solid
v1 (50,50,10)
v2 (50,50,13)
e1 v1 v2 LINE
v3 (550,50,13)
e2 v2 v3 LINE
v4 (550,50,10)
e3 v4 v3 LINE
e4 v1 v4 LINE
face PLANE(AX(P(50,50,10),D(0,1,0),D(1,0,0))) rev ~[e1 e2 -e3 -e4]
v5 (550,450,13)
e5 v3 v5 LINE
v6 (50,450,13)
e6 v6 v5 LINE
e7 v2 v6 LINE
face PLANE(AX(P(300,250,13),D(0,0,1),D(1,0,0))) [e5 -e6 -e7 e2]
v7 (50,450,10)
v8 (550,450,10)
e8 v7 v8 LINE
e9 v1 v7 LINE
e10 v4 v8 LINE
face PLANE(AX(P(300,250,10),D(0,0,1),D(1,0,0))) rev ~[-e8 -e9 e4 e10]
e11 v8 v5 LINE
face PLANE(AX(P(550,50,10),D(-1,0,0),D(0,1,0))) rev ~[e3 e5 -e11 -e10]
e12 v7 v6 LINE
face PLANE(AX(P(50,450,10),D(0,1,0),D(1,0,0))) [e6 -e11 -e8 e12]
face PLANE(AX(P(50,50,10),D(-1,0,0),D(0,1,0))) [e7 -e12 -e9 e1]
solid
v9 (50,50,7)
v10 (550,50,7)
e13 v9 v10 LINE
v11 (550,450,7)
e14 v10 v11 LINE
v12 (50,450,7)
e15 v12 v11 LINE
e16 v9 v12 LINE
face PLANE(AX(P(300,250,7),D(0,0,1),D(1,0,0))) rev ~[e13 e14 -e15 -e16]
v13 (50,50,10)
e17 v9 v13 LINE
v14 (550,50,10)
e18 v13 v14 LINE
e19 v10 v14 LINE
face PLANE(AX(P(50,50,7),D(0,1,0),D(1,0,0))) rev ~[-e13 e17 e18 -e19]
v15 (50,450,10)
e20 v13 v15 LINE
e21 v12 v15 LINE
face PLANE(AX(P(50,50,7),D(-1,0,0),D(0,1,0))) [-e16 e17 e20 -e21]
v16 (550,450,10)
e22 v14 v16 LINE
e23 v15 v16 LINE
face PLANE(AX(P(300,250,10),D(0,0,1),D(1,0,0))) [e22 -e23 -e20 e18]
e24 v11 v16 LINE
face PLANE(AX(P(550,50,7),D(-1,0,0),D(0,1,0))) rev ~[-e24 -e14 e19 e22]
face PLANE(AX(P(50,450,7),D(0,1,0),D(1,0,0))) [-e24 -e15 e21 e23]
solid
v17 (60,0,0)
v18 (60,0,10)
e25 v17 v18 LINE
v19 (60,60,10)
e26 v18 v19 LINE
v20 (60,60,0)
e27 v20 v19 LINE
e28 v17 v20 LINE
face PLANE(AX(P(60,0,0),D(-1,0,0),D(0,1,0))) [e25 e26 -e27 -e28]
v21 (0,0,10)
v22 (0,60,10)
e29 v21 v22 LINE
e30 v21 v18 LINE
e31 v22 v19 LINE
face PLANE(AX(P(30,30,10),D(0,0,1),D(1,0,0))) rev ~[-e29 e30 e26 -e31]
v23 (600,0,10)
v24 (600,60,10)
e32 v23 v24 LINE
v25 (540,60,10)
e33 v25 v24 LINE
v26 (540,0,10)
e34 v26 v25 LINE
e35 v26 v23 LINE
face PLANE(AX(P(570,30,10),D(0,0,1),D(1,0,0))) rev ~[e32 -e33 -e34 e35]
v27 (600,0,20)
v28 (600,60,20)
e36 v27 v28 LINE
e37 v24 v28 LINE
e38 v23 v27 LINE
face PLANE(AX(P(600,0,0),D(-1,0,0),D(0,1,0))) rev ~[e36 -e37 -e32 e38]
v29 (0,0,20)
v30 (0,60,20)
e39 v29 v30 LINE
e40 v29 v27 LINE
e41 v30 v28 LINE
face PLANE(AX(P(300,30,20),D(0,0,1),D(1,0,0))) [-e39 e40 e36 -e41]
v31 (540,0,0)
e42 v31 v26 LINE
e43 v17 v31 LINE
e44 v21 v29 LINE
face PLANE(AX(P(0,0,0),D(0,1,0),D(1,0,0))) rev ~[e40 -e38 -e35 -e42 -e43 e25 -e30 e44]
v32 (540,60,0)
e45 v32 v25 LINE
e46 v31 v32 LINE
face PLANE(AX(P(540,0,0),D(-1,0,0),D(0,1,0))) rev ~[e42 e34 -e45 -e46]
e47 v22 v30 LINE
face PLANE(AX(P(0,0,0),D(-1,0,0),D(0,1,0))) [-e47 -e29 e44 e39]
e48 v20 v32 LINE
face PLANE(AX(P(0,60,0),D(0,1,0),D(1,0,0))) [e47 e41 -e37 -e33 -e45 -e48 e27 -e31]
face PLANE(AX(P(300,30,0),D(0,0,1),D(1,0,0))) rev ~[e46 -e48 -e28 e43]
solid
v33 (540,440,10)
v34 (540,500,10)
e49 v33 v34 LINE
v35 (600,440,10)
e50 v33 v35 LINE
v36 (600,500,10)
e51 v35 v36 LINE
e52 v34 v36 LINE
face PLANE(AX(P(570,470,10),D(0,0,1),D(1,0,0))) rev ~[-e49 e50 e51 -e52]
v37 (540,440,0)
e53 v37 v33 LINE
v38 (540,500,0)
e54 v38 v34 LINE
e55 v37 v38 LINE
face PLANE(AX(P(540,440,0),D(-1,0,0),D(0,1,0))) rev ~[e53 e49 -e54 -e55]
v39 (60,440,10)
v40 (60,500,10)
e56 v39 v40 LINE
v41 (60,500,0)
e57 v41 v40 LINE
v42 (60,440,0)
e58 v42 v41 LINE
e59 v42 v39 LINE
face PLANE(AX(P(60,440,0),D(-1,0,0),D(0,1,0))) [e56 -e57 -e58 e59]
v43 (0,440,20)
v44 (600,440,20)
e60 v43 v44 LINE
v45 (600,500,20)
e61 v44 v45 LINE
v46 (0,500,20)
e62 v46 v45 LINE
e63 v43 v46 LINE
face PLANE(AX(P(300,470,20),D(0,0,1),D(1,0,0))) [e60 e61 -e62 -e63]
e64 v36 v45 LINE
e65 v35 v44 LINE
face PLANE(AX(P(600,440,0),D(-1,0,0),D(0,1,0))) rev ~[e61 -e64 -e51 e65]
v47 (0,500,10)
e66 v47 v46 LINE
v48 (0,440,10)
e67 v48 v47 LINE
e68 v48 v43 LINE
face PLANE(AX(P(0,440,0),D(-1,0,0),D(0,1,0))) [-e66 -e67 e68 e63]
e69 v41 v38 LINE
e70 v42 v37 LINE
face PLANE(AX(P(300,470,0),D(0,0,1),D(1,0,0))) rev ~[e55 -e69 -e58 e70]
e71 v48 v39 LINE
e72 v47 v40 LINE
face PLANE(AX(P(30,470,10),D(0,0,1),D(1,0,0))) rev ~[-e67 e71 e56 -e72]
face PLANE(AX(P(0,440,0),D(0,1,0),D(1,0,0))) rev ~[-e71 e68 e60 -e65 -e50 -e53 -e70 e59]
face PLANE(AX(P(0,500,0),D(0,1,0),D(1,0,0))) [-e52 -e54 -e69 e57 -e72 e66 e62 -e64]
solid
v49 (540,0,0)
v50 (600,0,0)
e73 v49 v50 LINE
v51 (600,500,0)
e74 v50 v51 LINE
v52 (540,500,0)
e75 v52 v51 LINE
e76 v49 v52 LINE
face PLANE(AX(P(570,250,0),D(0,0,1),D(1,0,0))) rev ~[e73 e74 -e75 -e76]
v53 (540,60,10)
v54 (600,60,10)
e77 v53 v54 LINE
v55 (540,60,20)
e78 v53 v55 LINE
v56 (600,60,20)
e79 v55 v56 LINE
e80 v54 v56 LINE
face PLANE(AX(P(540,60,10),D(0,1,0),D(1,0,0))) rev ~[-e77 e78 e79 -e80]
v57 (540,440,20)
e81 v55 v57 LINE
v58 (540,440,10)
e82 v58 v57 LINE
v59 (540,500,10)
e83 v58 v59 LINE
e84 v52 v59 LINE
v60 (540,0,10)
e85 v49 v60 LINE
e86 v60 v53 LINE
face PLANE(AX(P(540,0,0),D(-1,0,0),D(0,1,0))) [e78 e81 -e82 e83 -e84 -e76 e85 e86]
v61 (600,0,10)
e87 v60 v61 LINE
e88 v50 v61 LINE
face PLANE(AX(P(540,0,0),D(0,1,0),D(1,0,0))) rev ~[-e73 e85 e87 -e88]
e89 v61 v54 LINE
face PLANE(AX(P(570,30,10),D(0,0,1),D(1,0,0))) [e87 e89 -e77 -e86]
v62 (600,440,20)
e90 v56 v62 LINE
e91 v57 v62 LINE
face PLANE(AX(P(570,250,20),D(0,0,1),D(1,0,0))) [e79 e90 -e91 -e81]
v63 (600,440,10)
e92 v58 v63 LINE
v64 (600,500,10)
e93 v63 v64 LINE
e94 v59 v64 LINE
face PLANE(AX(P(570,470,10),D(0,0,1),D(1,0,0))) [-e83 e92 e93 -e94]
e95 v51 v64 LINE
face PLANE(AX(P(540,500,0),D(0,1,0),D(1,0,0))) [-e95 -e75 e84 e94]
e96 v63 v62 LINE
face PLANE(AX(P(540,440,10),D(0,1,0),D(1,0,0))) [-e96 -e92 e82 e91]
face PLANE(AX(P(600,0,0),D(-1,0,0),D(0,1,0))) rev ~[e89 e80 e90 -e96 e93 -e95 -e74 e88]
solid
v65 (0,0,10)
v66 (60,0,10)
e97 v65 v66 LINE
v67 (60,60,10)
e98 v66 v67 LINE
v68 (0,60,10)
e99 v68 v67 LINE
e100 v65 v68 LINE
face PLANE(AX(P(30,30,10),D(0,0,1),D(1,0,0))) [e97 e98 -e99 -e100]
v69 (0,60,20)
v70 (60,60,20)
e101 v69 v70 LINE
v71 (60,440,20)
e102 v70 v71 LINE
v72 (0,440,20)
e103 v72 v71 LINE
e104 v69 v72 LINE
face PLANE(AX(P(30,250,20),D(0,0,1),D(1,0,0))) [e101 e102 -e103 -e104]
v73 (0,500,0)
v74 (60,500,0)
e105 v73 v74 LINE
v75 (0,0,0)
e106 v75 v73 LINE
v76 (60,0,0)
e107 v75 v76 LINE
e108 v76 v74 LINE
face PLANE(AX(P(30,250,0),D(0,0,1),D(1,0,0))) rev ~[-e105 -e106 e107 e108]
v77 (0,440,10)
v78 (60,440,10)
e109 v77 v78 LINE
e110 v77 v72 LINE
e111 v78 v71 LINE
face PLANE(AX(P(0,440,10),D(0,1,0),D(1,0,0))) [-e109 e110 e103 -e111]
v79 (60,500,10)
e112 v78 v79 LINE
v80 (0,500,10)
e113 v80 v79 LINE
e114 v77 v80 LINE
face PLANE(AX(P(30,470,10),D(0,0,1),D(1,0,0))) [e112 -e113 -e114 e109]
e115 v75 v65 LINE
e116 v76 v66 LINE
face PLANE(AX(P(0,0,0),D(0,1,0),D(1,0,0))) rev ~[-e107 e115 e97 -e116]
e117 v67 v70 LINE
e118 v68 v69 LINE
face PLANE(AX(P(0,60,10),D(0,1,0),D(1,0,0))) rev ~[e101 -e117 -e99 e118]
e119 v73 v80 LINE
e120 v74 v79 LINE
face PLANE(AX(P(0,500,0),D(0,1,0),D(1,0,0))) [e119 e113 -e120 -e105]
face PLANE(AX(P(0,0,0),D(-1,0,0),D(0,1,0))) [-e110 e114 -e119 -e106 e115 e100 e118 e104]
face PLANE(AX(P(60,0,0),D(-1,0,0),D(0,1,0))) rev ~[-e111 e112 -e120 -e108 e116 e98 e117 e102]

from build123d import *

# Parameters (mm, degrees)
BOX004_W         = 500
BOX004_H         = 400
BOX004_DEPTH     = 3
BOX005_W         = 500
BOX005_H         = 400
BOX005_DEPTH     = 3
BOX006_W         = 60
BOX006_H         = 60
BOX006_DEPTH     = 10
ARRAY_X_COUNT    = 2
ARRAY_X_PITCH    = 540
ARRAY_Y_COUNT    = 2
ARRAY_Y_PITCH    = 440
BOX003_W         = 600
BOX003_H         = 60
BOX003_DEPTH     = 20
BOX002_W         = 600
BOX002_H         = 60
BOX002_DEPTH     = 20
BOX007_W         = 60
BOX007_H         = 60
BOX007_DEPTH     = 10
ARRAY001_X_COUNT = 2
ARRAY001_X_PITCH = 540
ARRAY001_Y_COUNT = 2
ARRAY001_Y_PITCH = 440
BOX001_W         = 60
BOX001_H         = 500
BOX001_DEPTH     = 20
BOX_W            = 60
BOX_H            = 500
BOX_DEPTH        = 20


with BuildPart() as back_picture_store_here:
    # Box004 → Box004 (new body)
    with BuildSketch(Plane(origin=(50, 50, 7), x_dir=(1, 0, 0), z_dir=(0, 0, 1))):
        with Locations((250, 200)):
            Rectangle(BOX004_W, BOX004_H)
    extrude(amount=BOX004_DEPTH)


with BuildPart() as glass:
    # Box005 → Box005 (new body)
    with BuildSketch(Plane(origin=(50, 50, 10), x_dir=(1, 0, 0), z_dir=(0, 0, 1))):
        with Locations((250, 200)):
            Rectangle(BOX005_W, BOX005_H)
    extrude(amount=BOX005_DEPTH)


with BuildPart() as array_joints_top_bottom:
    # Box006 → Box006 (new body)
    with BuildSketch(Plane.XY):
        with Locations((30, 30)):
            Rectangle(BOX006_W, BOX006_H)
    extrude(amount=BOX006_DEPTH)

    # Array X: Array, Joints, Top, Bottom ×2


with BuildPart() as array_joints_top_bottom_1:
    add(array_joints_top_bottom.part)
    with Locations(*[(i * ARRAY_X_PITCH, 0, 0) for i in range(1, ARRAY_X_COUNT)]):
        add(array_joints_top_bottom.part)

    # Array Y: Array, Joints, Top, Bottom ×2


with BuildPart() as array_joints_top_bottom_2:
    add(array_joints_top_bottom_1.part)
    with Locations(*[(0, i * ARRAY_Y_PITCH, 0) for i in range(1, ARRAY_Y_COUNT)]):
        add(array_joints_top_bottom_1.part)


with BuildPart() as frame_bottom:
    # Box003 → Box003 (new body)
    with BuildSketch(Plane.XY):
        with Locations((300, 30)):
            Rectangle(BOX003_W, BOX003_H)
    extrude(amount=BOX003_DEPTH)


with BuildPart() as cut_top_bottom:
    # Box002 → Box002 (new body)
    with BuildSketch(Plane(origin=(0, 440, 0), x_dir=(1, 0, 0), z_dir=(0, 0, 1))):
        with Locations((300, 30)):
            Rectangle(BOX002_W, BOX002_H)
    extrude(amount=BOX002_DEPTH)

    # Fusion: union Frame bottom
    add(frame_bottom.part)

    # Cut: cut Array, Joints, Top, Bottom
    add(array_joints_top_bottom_2.part, mode=Mode.SUBTRACT)


with BuildPart() as array_joints_left_right:
    # Box007 → Box007 (new body)
    with BuildSketch(Plane.XY.offset(10)):
        with Locations((30, 30)):
            Rectangle(BOX007_W, BOX007_H)
    extrude(amount=BOX007_DEPTH)

    # Array001 X: Array, Joints, Left, Right ×2


with BuildPart() as array_joints_left_right_1:
    add(array_joints_left_right.part)
    with Locations(*[(i * ARRAY001_X_PITCH, 0, 0) for i in range(1, ARRAY001_X_COUNT)]):
        add(array_joints_left_right.part)

    # Array001 Y: Array, Joints, Left, Right ×2


with BuildPart() as array_joints_left_right_2:
    add(array_joints_left_right_1.part)
    with Locations(*[(0, i * ARRAY001_Y_PITCH, 0) for i in range(1, ARRAY001_Y_COUNT)]):
        add(array_joints_left_right_1.part)


with BuildPart() as frame_right:
    # Box001 → Box001 (new body)
    with BuildSketch(Plane(origin=(540, 0, 0), x_dir=(1, 0, 0), z_dir=(0, 0, 1))):
        with Locations((30, 250)):
            Rectangle(BOX001_W, BOX001_H)
    extrude(amount=BOX001_DEPTH)


with BuildPart() as cut_left_right:
    # Box → Box (new body)
    with BuildSketch(Plane.XY):
        with Locations((30, 250)):
            Rectangle(BOX_W, BOX_H)
    extrude(amount=BOX_DEPTH)

    # Fusion001: union Frame right
    add(frame_right.part)

    # Cut001: cut Array, Joints, Left, Right
    add(array_joints_left_right_2.part, mode=Mode.SUBTRACT)


solid = Compound([back_picture_store_here.part, glass.part, cut_top_bottom.part, cut_left_right.part])
